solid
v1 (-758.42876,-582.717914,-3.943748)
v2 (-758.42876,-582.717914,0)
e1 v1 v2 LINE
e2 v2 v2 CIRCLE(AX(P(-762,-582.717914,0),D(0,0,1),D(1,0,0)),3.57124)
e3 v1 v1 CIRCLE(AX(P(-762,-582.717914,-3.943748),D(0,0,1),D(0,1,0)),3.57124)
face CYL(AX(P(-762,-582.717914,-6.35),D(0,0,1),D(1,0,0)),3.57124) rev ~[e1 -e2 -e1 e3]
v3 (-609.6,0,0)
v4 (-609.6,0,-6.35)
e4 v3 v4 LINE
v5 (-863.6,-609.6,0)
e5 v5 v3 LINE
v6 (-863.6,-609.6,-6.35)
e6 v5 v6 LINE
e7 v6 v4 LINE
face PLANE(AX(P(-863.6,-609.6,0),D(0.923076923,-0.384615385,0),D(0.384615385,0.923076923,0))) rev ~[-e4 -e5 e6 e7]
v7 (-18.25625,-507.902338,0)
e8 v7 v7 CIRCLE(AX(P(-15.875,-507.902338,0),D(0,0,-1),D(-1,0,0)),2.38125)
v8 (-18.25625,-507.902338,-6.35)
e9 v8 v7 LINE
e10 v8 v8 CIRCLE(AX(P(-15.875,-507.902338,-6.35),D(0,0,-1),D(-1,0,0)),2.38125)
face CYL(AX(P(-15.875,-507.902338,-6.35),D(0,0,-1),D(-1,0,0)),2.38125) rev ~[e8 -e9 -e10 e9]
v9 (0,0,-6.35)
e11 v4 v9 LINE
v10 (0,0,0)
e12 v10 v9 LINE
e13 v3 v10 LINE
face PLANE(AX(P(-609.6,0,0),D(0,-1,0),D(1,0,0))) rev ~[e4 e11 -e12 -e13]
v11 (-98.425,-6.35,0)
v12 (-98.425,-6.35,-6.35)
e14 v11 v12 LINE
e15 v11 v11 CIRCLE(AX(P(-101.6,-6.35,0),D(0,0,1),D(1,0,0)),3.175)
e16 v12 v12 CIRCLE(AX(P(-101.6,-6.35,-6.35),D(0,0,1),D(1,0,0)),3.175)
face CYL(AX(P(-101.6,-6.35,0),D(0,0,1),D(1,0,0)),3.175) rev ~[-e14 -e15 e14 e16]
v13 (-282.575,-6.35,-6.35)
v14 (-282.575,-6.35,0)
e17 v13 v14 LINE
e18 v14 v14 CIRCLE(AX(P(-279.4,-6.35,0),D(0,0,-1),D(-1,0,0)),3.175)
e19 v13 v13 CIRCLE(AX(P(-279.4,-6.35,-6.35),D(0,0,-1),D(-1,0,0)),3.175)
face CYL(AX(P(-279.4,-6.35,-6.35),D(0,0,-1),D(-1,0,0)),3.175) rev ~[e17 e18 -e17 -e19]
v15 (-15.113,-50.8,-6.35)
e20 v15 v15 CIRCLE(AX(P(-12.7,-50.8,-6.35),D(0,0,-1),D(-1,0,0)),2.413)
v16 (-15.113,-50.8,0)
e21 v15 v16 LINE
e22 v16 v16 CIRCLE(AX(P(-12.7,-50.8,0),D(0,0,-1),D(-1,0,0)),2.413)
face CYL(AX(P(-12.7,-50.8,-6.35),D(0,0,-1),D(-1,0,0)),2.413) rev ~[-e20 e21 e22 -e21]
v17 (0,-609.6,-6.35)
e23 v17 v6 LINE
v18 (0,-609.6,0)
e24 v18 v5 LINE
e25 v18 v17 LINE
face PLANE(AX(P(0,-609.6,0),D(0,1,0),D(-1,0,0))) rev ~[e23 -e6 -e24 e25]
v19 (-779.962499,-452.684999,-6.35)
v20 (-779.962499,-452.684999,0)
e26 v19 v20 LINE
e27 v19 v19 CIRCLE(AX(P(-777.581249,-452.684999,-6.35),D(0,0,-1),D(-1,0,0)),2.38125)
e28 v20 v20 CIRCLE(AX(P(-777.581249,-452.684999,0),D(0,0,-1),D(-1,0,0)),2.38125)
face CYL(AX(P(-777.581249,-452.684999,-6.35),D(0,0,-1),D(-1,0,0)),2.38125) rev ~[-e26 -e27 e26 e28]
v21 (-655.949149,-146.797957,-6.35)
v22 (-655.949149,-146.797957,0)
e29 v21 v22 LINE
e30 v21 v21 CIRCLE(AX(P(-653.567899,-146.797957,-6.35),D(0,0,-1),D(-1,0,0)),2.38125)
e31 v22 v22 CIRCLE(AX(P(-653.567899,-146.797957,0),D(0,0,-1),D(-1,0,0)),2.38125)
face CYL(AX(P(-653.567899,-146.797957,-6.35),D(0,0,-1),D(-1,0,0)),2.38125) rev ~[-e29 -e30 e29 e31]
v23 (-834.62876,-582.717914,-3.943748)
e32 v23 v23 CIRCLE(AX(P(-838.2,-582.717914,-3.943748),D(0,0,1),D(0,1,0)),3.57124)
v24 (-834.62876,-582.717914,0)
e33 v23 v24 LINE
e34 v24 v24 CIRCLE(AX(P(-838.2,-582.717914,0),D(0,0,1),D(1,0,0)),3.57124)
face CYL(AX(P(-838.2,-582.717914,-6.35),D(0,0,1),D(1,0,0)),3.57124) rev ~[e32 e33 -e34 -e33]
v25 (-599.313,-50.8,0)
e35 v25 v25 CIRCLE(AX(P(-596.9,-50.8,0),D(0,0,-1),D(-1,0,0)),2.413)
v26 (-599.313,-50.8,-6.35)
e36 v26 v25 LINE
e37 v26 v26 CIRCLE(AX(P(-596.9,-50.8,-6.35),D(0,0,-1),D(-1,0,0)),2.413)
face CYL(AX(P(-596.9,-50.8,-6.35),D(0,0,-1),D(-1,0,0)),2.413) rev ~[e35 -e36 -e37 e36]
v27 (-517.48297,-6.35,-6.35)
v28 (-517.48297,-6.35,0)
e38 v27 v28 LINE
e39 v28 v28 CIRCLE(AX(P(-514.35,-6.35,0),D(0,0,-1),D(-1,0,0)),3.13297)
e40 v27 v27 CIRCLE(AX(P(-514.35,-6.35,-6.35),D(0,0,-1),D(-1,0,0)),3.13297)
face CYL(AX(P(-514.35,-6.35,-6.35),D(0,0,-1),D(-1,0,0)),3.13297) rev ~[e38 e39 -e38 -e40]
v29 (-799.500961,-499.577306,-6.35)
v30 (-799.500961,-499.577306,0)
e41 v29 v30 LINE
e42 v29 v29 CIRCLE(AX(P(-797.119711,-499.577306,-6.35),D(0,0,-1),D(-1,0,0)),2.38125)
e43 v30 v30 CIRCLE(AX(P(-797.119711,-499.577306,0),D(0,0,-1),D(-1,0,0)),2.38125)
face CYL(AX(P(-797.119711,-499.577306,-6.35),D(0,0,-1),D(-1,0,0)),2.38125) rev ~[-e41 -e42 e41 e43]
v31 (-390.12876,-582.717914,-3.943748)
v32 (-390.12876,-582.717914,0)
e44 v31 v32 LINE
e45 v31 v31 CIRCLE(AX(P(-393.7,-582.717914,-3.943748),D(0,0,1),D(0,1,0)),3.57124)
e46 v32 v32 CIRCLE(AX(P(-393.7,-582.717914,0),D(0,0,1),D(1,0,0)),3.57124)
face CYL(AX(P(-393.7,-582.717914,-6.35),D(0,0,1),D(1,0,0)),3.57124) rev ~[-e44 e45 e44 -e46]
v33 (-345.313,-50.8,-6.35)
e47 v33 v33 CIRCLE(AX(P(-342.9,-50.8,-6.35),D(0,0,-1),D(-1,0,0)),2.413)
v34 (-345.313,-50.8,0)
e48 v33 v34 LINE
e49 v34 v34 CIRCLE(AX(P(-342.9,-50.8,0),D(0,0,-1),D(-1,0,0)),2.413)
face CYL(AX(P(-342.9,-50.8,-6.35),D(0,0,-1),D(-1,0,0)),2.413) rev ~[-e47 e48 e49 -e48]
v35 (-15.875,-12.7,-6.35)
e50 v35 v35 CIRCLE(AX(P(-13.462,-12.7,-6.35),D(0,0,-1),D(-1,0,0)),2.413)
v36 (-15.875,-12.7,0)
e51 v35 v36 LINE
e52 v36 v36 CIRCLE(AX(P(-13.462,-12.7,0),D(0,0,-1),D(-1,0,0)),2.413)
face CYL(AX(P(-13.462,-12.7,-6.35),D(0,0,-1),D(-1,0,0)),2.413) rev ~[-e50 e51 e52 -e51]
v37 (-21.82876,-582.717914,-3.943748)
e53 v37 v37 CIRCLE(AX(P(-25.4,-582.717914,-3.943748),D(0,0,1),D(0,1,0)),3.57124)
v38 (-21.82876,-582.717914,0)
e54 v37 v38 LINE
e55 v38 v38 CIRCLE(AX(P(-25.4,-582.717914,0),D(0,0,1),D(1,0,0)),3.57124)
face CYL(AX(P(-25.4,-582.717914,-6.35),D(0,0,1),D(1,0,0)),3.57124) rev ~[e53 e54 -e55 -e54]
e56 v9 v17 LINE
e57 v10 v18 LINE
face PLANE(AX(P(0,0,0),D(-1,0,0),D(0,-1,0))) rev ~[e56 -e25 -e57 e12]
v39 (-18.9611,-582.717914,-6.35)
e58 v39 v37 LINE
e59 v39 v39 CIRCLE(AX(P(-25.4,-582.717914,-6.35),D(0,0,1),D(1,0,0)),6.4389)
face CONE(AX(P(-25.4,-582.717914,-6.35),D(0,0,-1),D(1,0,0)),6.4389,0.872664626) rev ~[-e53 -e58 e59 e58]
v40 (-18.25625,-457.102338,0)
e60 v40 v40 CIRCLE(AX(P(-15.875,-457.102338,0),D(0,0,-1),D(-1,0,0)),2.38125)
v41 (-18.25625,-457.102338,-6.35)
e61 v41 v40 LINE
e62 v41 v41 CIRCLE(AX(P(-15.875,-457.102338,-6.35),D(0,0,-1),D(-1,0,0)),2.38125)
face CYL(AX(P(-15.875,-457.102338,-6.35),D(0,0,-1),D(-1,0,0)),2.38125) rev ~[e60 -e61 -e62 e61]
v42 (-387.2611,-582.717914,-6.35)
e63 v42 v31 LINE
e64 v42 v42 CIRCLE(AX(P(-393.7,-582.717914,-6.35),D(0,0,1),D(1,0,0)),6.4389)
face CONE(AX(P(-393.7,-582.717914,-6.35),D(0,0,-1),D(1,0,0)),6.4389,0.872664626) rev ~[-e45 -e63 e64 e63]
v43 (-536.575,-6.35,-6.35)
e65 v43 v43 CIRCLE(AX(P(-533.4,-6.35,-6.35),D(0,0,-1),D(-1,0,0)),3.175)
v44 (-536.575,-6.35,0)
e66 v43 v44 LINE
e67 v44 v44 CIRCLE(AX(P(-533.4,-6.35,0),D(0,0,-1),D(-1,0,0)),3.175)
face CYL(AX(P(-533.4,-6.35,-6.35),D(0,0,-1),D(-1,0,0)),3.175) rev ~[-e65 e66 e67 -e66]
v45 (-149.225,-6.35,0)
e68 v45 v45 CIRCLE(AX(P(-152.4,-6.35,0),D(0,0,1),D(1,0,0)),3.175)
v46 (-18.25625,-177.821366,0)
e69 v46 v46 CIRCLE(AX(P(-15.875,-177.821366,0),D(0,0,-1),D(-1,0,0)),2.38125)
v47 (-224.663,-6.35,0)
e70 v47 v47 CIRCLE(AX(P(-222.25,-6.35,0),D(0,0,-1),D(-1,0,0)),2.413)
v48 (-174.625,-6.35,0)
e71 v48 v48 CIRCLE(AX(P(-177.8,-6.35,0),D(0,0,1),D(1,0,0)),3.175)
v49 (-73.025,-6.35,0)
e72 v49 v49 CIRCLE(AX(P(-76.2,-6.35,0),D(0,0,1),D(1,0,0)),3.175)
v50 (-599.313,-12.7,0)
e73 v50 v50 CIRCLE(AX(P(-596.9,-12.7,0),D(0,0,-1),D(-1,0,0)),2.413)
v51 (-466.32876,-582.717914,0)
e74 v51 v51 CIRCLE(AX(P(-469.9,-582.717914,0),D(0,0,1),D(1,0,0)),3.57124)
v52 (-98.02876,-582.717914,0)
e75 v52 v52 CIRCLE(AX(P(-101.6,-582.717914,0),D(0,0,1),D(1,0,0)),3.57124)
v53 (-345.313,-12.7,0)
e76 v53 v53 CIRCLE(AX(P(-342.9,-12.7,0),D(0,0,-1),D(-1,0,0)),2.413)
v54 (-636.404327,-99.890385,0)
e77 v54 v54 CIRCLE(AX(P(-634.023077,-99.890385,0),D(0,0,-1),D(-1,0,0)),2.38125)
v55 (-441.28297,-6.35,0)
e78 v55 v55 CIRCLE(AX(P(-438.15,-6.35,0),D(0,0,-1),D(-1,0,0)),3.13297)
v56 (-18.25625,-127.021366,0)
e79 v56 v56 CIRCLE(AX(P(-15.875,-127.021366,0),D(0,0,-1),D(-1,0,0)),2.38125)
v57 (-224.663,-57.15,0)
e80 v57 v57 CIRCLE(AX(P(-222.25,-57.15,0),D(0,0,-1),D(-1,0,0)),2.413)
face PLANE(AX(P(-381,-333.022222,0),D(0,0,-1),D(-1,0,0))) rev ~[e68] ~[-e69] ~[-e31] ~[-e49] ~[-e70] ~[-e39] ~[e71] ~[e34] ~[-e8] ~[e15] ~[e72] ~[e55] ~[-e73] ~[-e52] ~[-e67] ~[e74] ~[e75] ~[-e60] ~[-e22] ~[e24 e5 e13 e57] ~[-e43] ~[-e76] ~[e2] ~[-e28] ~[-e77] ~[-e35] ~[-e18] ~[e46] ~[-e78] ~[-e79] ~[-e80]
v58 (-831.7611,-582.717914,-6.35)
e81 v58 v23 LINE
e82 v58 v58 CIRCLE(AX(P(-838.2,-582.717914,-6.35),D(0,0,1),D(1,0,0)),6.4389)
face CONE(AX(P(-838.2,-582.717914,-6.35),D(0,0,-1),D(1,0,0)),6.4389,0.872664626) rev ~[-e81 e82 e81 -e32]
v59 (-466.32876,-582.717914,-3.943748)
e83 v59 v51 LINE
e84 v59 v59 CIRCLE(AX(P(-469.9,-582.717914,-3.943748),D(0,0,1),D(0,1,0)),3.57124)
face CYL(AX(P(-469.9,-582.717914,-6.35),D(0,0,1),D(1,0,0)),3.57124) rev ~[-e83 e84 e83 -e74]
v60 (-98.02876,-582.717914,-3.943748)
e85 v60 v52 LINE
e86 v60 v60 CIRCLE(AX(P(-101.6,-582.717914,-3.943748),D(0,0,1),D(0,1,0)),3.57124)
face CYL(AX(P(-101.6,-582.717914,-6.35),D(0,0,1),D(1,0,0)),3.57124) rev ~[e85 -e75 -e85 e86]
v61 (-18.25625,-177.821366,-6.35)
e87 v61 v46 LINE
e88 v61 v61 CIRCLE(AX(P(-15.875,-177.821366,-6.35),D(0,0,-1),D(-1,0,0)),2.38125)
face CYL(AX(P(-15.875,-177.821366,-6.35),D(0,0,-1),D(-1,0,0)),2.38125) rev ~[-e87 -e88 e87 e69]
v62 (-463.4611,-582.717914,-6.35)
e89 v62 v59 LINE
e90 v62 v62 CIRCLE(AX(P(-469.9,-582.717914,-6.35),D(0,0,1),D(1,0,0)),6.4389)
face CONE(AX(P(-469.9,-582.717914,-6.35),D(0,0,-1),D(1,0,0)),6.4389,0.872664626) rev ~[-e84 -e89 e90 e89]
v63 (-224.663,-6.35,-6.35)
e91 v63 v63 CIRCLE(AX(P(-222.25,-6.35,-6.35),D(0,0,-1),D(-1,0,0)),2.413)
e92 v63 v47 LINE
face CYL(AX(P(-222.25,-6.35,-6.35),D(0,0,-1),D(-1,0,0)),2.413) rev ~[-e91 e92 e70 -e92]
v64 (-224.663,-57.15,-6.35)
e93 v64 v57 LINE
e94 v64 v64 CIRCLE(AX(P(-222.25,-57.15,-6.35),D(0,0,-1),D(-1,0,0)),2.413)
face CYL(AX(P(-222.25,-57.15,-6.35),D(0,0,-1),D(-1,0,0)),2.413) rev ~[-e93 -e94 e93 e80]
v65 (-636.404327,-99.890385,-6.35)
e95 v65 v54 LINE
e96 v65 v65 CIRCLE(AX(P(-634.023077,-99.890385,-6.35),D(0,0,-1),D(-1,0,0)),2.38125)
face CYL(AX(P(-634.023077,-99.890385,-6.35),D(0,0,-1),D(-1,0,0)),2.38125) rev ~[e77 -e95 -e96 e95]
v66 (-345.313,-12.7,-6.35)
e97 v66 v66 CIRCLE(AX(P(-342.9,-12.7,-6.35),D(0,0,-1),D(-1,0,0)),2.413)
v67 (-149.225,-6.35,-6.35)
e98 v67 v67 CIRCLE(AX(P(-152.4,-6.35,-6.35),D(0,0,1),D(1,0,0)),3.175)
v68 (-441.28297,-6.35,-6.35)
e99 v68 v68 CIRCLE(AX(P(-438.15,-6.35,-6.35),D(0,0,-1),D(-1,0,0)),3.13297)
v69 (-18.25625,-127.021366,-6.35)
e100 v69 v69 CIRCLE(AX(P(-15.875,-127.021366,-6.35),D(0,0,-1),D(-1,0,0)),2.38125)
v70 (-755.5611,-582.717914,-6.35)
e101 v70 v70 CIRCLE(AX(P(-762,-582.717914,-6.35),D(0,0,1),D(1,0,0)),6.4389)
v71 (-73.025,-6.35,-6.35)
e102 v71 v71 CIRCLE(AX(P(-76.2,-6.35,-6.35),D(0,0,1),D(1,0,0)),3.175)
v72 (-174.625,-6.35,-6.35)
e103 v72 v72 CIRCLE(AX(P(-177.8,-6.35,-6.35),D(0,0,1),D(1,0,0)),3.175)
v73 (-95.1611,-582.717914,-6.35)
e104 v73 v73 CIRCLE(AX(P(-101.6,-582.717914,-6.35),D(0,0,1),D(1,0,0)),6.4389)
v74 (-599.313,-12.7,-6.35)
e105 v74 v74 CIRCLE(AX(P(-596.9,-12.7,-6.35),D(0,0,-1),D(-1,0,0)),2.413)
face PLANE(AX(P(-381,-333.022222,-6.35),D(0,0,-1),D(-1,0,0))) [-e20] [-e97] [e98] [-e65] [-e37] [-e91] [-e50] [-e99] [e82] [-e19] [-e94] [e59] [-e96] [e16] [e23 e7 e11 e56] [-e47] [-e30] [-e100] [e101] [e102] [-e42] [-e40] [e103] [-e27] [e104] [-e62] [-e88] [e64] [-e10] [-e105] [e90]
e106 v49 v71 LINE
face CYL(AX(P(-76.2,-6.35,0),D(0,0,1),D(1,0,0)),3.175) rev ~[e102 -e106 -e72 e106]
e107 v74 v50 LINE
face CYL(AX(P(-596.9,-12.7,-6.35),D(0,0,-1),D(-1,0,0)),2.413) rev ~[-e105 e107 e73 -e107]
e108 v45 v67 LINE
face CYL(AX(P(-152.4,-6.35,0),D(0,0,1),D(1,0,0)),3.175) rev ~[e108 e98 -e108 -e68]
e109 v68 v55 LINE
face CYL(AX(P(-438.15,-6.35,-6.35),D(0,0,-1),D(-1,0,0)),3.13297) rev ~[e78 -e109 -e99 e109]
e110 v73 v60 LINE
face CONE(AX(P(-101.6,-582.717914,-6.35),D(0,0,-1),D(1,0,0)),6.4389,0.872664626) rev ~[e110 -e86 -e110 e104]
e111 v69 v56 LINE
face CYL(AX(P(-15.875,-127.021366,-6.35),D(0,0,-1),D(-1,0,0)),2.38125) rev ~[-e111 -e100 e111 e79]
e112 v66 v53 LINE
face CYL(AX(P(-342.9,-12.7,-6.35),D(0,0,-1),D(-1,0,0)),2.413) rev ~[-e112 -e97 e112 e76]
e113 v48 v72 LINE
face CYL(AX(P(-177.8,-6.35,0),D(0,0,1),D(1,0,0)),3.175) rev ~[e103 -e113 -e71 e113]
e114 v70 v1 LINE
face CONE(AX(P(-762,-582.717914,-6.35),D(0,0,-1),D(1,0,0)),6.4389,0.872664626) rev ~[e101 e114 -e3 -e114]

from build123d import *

# Parameters (mm, degrees)
BOSS_EXTRUDE1_DEPTH                                 = 6.35
SKETCH2_R                                           = 2.413
SKETCH2_R_2                                         = 2.38125
SKETCH2_R_3                                         = 3.175
SKETCH2_R_4                                         = 3.132970175
CUT_EXTRUDE1_DEPTH                                  = 7.35
SKETCH3_R                                           = 3.175
CUT_EXTRUDE2_DEPTH                                  = 6.35
SKETCH4_R                                           = 3.175
SKETCH4_R_2                                         = 2.413
CUT_EXTRUDE3_DEPTH                                  = 6.35
CSK_FOR_1_4_FLAT_HEAD_MACHINE_SCREW_100_D           = 7.14248
CSK_FOR_1_4_FLAT_HEAD_MACHINE_SCREW_100_CSINK_D     = 12.8778
CSK_FOR_1_4_FLAT_HEAD_MACHINE_SCREW_100_CSINK_ANGLE = 100


with BuildPart() as part:
    # Sketch1 → Boss-Extrude1 (new body)
    with BuildSketch(Plane.XY):
        Polygon((0, 0), (0, -609.6), (-863.6, -609.6), (-609.6, 0), align=None)
    extrude(amount=-BOSS_EXTRUDE1_DEPTH)

    # Sketch2 → Cut-Extrude1 (cut, through all)
    with BuildSketch(Plane(origin=(0, 0, -6.35), x_dir=(-1, 0, 0), z_dir=(0, 0, -1))):
        with Locations((342.899999998, -50.8)):
            Circle(SKETCH2_R)
        with Locations((342.899999998, -12.7)):
            Circle(SKETCH2_R)
        with Locations((596.9, -12.7)):
            Circle(SKETCH2_R)
        with Locations((596.9, -50.8)):
            Circle(SKETCH2_R)
        with Locations((13.462, -12.7)):
            Circle(SKETCH2_R)
        with Locations((12.699999998, -50.8)):
            Circle(SKETCH2_R)
        with Locations((15.875, -127.021365893)):
            Circle(SKETCH2_R_2)
        with Locations((15.875, -177.821365893)):
            Circle(SKETCH2_R_2)
        with Locations((15.875, -457.102337624)):
            Circle(SKETCH2_R_2)
        with Locations((15.875, -507.902337624)):
            Circle(SKETCH2_R_2)
        with Locations((101.6, -582.717913572)):
            Circle(SKETCH2_R_3)
        with Locations((25.4, -582.717913572)):
            Circle(SKETCH2_R_3)
        with Locations((762, -582.717913572)):
            Circle(SKETCH2_R_3)
        with Locations((838.2, -582.717913572)):
            Circle(SKETCH2_R_3)
        with Locations((797.119710917, -499.5773062)):
            Circle(SKETCH2_R_2)
        with Locations((777.581249378, -452.684998508)):
            Circle(SKETCH2_R_2)
        with Locations((653.56789881, -146.797957145)):
            Circle(SKETCH2_R_2)
        with Locations((634.023076923, -99.890384615)):
            Circle(SKETCH2_R_2)
        with Locations((514.35, -6.35)):
            Circle(SKETCH2_R_4)
        with Locations((438.15, -6.35)):
            Circle(SKETCH2_R_4)
        with Locations((469.9, -582.717913572)):
            Circle(SKETCH2_R_3)
        with Locations((393.7, -582.717913572)):
            Circle(SKETCH2_R_3)
    extrude(amount=-CUT_EXTRUDE1_DEPTH, mode=Mode.SUBTRACT)

    # Sketch3 → Cut-Extrude2 (cut)
    with BuildSketch(Plane.XY):
        with Locations((-177.8, -6.35)):
            Circle(SKETCH3_R)
        with Locations((-152.4, -6.35)):
            Circle(SKETCH3_R)
        with Locations((-101.6, -6.35)):
            Circle(SKETCH3_R)
        with Locations((-76.2, -6.35)):
            Circle(SKETCH3_R)
    extrude(amount=-CUT_EXTRUDE2_DEPTH, mode=Mode.SUBTRACT)

    # Sketch4 → Cut-Extrude3 (cut)
    with BuildSketch(Plane(origin=(0, 0, -6.35), x_dir=(-1, 0, 0), z_dir=(0, 0, -1))):
        with Locations((533.4, -6.35)):
            Circle(SKETCH4_R)
        with Locations((279.4, -6.35)):
            Circle(SKETCH4_R)
        with Locations((222.25, -6.35)):
            Circle(SKETCH4_R_2)
        with Locations((222.25, -57.15)):
            Circle(SKETCH4_R_2)
    extrude(amount=-CUT_EXTRUDE3_DEPTH, mode=Mode.SUBTRACT)

    # CSK for 1/4 Flat Head Machine Screw (100)1 (through all)
    with Locations(Plane(origin=(-25.4, -582.717913572, -6.35), x_dir=(-1, 0, 0), z_dir=(0, 0, -1))):
        with Locations((0, 0), (76.2, 0), (368.3, 0), (444.5, 0), (736.6, 0), (812.8, 0)):
            CounterSinkHole(CSK_FOR_1_4_FLAT_HEAD_MACHINE_SCREW_100_D / 2, CSK_FOR_1_4_FLAT_HEAD_MACHINE_SCREW_100_CSINK_D / 2, counter_sink_angle=CSK_FOR_1_4_FLAT_HEAD_MACHINE_SCREW_100_CSINK_ANGLE)


solid = part.part
